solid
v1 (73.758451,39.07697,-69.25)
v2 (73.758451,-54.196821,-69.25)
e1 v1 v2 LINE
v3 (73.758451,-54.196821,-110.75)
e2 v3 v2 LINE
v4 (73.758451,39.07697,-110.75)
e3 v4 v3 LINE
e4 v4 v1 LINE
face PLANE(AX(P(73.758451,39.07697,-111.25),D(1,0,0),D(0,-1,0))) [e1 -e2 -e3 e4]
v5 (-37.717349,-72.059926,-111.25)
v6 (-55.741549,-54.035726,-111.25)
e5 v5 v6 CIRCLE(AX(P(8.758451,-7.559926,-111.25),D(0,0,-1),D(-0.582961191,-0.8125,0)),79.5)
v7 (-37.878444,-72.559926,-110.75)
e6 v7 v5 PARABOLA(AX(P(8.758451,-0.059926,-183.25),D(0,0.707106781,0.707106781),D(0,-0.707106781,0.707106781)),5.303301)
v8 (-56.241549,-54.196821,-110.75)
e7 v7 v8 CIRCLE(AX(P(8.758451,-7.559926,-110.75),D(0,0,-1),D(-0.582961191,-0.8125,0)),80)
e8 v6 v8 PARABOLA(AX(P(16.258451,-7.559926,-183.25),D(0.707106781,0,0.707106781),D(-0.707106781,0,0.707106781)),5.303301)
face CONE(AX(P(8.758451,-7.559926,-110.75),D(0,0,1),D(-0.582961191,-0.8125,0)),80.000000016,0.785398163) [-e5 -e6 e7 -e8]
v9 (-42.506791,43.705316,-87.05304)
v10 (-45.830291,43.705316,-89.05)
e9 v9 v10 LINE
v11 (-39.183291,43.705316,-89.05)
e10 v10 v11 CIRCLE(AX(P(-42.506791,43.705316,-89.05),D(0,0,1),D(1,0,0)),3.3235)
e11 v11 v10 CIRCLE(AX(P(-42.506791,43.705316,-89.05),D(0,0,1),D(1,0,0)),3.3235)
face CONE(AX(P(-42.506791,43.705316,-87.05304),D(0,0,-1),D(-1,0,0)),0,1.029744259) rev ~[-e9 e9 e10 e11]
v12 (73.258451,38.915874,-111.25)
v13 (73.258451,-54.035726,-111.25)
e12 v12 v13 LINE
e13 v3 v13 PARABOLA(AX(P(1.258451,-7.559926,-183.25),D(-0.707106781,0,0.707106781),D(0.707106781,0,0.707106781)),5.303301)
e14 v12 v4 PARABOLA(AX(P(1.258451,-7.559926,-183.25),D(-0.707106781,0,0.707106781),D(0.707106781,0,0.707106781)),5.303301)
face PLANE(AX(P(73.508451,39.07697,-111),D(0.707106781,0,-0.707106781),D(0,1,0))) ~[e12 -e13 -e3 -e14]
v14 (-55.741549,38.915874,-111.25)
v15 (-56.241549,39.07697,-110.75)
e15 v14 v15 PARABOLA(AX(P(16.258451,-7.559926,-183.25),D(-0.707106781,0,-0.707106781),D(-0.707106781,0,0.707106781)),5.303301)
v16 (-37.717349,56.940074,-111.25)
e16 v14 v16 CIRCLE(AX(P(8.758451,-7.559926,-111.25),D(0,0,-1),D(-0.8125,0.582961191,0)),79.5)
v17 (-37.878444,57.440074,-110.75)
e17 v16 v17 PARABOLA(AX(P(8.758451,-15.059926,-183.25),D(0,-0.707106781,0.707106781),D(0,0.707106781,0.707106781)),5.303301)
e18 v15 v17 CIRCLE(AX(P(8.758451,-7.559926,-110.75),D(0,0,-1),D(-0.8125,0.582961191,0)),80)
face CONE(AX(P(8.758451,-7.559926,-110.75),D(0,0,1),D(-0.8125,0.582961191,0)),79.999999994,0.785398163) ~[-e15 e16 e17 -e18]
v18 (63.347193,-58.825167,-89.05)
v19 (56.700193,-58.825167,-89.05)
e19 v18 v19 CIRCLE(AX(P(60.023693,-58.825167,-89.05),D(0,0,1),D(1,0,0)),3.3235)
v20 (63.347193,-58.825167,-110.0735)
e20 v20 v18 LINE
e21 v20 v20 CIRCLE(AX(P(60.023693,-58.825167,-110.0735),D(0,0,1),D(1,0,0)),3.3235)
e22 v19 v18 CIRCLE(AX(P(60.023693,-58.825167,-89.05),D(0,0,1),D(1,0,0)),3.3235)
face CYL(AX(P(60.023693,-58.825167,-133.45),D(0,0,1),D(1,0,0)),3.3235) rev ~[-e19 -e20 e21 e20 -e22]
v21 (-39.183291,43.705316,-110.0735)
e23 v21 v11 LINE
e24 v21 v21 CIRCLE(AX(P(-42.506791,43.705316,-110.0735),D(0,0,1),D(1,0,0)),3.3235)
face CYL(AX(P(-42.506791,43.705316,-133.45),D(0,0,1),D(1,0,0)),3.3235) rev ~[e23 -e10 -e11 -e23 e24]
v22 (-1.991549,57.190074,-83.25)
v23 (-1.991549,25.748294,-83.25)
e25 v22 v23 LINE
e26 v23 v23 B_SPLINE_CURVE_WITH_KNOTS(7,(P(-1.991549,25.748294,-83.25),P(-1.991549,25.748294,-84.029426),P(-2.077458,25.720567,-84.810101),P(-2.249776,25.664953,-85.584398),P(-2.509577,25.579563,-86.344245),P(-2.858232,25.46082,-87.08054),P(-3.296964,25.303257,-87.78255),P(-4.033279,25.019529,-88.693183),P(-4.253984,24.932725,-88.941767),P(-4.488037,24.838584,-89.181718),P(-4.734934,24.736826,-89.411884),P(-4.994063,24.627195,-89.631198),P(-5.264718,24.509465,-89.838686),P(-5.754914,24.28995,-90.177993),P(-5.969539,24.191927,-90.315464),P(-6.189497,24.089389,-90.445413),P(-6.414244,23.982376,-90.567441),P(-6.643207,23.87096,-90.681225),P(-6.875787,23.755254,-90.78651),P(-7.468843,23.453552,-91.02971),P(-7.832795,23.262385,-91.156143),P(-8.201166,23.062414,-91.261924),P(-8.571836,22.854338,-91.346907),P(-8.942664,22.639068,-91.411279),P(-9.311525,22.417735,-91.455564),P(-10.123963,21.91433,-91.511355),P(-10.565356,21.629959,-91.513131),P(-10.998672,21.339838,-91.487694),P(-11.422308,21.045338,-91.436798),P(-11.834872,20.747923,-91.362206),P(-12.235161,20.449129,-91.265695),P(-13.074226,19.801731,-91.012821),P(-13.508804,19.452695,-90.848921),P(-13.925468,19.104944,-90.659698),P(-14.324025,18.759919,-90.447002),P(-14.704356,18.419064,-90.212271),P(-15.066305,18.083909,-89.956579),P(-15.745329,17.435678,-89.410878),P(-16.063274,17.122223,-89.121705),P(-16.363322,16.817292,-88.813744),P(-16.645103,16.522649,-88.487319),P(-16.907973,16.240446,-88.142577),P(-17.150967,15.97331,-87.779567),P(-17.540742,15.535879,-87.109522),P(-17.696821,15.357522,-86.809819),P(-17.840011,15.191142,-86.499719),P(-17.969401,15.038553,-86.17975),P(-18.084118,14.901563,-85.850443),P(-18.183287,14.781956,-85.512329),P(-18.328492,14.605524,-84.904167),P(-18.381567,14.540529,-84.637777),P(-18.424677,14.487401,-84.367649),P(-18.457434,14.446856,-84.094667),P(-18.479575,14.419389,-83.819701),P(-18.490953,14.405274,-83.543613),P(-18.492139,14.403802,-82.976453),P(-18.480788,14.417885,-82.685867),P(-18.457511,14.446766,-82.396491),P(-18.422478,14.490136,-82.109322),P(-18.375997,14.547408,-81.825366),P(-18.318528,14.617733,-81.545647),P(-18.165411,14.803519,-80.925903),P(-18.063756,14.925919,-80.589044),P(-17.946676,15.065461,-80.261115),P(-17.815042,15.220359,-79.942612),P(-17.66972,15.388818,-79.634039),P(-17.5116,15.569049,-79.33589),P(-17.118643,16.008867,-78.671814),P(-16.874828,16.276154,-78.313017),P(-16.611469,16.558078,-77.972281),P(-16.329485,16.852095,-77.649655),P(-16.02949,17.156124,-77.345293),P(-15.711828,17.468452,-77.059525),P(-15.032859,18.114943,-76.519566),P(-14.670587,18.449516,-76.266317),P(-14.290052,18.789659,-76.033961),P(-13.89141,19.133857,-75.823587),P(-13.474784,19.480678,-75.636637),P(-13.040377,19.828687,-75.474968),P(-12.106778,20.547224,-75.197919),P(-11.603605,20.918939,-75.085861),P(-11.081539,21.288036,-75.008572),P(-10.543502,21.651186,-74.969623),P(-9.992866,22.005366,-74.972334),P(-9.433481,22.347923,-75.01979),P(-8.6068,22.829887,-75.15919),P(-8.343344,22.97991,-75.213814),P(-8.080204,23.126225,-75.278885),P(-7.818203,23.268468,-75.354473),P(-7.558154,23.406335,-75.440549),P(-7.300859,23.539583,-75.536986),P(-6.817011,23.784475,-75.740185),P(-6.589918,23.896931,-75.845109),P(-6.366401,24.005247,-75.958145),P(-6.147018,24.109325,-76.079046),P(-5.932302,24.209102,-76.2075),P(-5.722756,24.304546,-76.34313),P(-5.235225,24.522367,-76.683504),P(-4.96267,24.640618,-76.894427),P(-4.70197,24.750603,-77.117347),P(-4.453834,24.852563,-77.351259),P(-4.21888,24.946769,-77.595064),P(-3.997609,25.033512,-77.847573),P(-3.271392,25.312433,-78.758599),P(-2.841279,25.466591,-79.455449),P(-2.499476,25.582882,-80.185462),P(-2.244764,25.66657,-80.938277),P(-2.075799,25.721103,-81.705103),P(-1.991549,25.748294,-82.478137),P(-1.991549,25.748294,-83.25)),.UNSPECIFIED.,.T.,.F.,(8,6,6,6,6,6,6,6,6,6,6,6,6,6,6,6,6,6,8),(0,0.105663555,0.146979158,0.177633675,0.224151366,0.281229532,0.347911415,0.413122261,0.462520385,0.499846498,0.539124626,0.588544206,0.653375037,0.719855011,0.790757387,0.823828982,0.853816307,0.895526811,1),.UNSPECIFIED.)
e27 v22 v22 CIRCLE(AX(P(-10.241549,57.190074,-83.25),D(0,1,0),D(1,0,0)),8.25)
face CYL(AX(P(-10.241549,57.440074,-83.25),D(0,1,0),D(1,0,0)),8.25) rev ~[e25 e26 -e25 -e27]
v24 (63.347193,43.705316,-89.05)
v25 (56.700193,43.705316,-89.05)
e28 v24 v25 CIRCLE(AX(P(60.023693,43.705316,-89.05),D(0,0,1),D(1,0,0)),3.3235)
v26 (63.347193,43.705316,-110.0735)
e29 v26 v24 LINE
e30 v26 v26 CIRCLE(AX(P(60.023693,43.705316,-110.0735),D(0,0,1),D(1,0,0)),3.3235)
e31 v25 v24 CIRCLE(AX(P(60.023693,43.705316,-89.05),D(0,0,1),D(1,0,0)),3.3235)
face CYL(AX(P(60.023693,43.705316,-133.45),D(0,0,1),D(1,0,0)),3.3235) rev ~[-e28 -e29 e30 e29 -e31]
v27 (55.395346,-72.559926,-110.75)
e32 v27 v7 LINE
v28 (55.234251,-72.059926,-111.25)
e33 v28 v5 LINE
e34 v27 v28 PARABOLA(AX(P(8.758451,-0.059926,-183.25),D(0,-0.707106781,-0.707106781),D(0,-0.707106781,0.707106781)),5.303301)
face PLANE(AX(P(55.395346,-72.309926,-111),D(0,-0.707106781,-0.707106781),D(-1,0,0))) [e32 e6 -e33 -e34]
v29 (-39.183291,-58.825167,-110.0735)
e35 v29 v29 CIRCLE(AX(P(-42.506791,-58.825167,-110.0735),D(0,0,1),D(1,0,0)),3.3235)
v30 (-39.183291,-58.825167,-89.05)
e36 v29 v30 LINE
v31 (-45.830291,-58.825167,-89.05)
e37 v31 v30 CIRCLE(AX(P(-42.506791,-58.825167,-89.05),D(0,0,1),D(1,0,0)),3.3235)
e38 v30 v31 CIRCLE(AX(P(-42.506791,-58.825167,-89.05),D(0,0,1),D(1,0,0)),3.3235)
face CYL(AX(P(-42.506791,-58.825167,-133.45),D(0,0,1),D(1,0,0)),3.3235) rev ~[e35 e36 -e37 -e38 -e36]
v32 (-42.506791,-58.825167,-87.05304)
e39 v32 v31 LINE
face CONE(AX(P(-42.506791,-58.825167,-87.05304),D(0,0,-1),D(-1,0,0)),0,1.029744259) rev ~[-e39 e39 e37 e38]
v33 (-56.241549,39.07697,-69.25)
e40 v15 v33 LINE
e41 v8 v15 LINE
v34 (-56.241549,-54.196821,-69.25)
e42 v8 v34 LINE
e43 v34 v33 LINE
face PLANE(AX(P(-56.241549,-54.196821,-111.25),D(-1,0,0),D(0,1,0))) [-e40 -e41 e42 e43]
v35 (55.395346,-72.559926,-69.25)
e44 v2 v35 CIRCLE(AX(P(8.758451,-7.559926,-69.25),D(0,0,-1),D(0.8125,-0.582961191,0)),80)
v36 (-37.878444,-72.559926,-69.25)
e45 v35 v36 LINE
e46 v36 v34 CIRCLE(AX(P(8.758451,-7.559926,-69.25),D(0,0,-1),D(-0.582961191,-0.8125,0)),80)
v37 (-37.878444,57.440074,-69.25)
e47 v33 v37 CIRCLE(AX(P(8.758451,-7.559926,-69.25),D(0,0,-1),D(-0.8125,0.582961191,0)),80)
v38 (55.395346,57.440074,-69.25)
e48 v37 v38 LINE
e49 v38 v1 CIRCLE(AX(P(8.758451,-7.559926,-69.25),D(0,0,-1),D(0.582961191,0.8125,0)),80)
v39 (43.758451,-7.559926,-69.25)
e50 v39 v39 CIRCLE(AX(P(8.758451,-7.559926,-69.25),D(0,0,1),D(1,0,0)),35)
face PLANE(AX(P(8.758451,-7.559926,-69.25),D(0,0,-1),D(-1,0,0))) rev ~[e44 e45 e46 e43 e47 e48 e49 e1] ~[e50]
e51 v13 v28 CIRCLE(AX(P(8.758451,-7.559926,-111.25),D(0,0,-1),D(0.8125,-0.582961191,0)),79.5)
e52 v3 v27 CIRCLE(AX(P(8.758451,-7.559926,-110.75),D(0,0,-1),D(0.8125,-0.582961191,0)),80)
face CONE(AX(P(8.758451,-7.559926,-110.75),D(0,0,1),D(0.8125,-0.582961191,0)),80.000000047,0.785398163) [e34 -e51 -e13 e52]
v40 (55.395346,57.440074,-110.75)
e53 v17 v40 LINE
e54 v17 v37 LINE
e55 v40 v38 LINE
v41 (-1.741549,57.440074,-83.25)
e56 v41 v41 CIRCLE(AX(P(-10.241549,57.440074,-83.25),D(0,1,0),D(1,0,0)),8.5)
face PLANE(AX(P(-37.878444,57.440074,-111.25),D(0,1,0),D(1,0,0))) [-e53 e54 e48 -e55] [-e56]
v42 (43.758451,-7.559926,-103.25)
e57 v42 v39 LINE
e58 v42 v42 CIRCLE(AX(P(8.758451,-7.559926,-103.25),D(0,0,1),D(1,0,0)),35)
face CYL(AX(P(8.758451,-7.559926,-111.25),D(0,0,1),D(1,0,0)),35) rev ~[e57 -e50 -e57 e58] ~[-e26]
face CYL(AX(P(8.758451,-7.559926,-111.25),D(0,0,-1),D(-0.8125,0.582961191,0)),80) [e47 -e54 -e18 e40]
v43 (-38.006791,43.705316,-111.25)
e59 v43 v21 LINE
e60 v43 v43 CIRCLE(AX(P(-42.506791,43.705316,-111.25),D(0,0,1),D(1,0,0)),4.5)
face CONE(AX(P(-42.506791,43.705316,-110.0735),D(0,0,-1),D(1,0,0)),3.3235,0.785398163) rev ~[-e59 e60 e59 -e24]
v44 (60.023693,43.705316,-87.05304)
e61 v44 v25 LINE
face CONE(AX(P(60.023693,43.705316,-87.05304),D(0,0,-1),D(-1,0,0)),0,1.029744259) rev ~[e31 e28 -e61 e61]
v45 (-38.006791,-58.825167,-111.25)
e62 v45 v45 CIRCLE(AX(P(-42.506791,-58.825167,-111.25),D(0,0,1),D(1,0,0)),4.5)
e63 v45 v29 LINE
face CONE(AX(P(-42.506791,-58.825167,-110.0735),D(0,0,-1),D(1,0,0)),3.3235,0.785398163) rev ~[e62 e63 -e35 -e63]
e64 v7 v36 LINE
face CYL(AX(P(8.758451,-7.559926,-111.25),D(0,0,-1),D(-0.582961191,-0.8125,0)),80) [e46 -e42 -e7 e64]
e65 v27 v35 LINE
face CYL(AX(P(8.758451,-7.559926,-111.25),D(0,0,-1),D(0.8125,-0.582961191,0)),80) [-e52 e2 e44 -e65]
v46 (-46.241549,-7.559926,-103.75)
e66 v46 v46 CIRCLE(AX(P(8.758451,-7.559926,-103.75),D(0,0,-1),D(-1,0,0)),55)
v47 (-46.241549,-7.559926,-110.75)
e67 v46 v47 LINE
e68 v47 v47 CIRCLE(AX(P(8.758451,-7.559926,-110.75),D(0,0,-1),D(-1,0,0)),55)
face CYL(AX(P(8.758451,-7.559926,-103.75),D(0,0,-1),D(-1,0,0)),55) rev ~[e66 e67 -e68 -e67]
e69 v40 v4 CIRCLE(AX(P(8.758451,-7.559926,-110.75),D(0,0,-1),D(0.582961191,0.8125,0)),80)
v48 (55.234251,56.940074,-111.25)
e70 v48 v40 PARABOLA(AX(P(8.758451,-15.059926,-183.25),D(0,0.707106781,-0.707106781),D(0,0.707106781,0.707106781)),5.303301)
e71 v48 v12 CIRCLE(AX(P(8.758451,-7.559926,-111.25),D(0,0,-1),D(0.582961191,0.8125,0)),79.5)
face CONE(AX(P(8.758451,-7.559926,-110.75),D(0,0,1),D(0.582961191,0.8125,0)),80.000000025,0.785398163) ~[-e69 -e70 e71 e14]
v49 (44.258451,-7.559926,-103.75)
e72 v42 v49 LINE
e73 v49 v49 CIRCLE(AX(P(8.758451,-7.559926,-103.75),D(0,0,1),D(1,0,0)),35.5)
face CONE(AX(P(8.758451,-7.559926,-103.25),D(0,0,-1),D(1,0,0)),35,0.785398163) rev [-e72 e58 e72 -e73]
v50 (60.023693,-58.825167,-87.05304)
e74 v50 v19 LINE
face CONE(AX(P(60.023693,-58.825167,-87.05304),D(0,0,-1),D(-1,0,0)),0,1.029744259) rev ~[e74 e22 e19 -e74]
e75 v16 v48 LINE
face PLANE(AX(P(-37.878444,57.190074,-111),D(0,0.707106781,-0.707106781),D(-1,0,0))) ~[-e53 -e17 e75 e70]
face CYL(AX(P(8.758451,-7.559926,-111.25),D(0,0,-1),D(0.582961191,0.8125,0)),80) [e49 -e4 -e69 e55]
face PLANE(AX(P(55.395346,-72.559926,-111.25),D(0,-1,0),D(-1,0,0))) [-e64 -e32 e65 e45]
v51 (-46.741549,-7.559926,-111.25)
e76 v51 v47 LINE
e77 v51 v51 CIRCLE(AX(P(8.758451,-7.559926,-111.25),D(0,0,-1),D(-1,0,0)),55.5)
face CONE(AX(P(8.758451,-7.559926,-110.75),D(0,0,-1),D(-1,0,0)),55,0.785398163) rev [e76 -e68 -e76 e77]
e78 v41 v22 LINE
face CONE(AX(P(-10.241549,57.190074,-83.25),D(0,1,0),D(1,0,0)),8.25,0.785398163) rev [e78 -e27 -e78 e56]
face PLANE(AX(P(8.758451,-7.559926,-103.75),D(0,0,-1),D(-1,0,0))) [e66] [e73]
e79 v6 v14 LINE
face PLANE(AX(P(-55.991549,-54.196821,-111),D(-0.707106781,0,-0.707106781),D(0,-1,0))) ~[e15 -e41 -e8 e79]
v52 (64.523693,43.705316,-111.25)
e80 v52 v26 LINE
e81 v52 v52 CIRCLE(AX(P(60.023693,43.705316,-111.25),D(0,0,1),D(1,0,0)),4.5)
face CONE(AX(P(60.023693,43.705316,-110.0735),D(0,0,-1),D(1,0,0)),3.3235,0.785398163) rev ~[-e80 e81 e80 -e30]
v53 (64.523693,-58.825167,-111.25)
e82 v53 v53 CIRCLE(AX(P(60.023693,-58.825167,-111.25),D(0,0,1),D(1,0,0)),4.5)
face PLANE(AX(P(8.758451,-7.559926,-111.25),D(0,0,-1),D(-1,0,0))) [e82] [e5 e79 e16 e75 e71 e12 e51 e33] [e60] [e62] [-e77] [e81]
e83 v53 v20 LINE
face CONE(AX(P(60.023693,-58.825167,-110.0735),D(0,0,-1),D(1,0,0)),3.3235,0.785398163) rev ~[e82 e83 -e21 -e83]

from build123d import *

# Parameters (mm, degrees)
BOSS_EXTRUDE1_DEPTH                      = 42
CBORE_FOR_M64_HEX_HEAD_BOLT1_D           = 70
CBORE_FOR_M64_HEX_HEAD_BOLT1_CBORE_D     = 110
CBORE_FOR_M64_HEX_HEAD_BOLT1_CBORE_DEPTH = 7.5
F_16_5_16_5_DIAMETER_HOLE1_REACH         = 188.325
F_16_5_16_5_DIAMETER_HOLE1_BORE_R        = 8.25
M6_CLEARANCE_HOLE1_D                     = 6.647
M6_CLEARANCE_HOLE1_DEPTH                 = 22.2
M6_CLEARANCE_HOLE1_TIP                   = 1.996960267
CHAMFER1_SIZE                            = 0.5
CHAMFER2_SIZE                            = 1.1765
CHAMFER3_SIZE                            = 0.25


with BuildPart() as part:
    # Sketch1 → Boss-Extrude1 (new body)
    with BuildSketch(Plane(origin=(0, 0, -111.250000238), x_dir=(-1, 0, 0), z_dir=(0, 0, -1))):
        with BuildLine():
            Line((-55.395346272, -72.559925727), (37.878444259, -72.559925727))
            ThreePointArc((37.878444259, -72.559925727), (47.810091488, -64.128468222), (56.241548993, -54.196820993))
            Line((56.241548993, -54.196820993), (56.241548993, 39.076969538))
            ThreePointArc((56.241548993, 39.076969538), (47.810091488, 49.008616768), (37.878444259, 57.440074273))
            Line((37.878444259, 57.440074273), (-55.395346272, 57.440074273))
            ThreePointArc((-55.395346272, 57.440074273), (-65.326993501, 49.008616768), (-73.758451007, 39.076969538))
            Line((-73.758451007, 39.076969538), (-73.758451007, -54.196820993))
            ThreePointArc((-73.758451007, -54.196820993), (-65.326993501, -64.128468222), (-55.395346272, -72.559925727))
        make_face()
    extrude(amount=-BOSS_EXTRUDE1_DEPTH)

    # CBORE for M64 Hex Head Bolt1 (through all)
    with Locations(Plane(origin=(0, 0, -111.250000238), x_dir=(-1, 0, 0), z_dir=(0, 0, -1))):
        with Locations((-8.758451007, -7.559925727)):
            CounterBoreHole(CBORE_FOR_M64_HEX_HEAD_BOLT1_D / 2, CBORE_FOR_M64_HEX_HEAD_BOLT1_CBORE_D / 2, CBORE_FOR_M64_HEX_HEAD_BOLT1_CBORE_DEPTH)

    # Ø16.5 (16.5) Diameter Hole1 bore → Ø16.5 (16.5) Diameter Hole1 (cut, up to next)
    with BuildSketch(Plane(origin=(0, 57.440074273, 0), x_dir=(1, 0, 0), z_dir=(0, 1, 0)), mode=Mode.PRIVATE) as f_16_5_16_5_diameter_hole1_sk1:
        with Locations((-10.241548993, 83.250000238)):
            Circle(F_16_5_16_5_DIAMETER_HOLE1_BORE_R)
    f_16_5_16_5_diameter_hole1_tool1 = extrude(f_16_5_16_5_diameter_hole1_sk1.sketch, amount=-F_16_5_16_5_DIAMETER_HOLE1_REACH, mode=Mode.PRIVATE) & part.part
    add(f_16_5_16_5_diameter_hole1_tool1.solids().sort_by_distance((-10.241549, 57.440074, -83.25))[0], mode=Mode.SUBTRACT)

    # M6 Clearance Hole1
    with Locations(Plane(origin=(0, 0, -111.250000238), x_dir=(-1, 0, 0), z_dir=(0, 0, -1))):
        with Locations((42.506790629, -58.825167363), (-60.023692643, -58.825167363), (-60.023692643, 43.705315909), (42.506790629, 43.705315909)):
            Hole(M6_CLEARANCE_HOLE1_D / 2, depth=M6_CLEARANCE_HOLE1_DEPTH)
            with Locations((0, 0, -(M6_CLEARANCE_HOLE1_DEPTH + M6_CLEARANCE_HOLE1_TIP / 2))):  # 118° drill point
                Cone(0, M6_CLEARANCE_HOLE1_D / 2, M6_CLEARANCE_HOLE1_TIP, mode=Mode.SUBTRACT)

    # Chamfer1
    chamfer1_edges = [part.edges().sort_by_distance(p)[0] for p in [
        (-56.241548993, -7.559925727, -111.250000238),
        (-47.810091488, -64.128468222, -111.250000238),
        (8.758451007, -72.559925727, -111.250000238),
        (65.326993501, -64.128468222, -111.250000238),
        (63.758451007, -7.559925727, -111.250000238),
        (-26.241548993, -7.559925727, -103.750000238),
        (73.758451007, -7.559925727, -111.250000238),
        (65.326993501, 49.008616768, -111.250000238),
        (8.758451007, 57.440074273, -111.250000238),
        (-47.810091488, 49.008616768, -111.250000238),
    ]]
    chamfer(chamfer1_edges, length=CHAMFER1_SIZE)

    # Chamfer2
    chamfer2_edges = [part.edges().sort_by_distance(p)[0] for p in [
        (-45.830290629, 43.705315909, -111.250000238),
        (56.700192643, 43.705315909, -111.250000238),
        (56.700192643, -58.825167363, -111.250000238),
        (-45.830290629, -58.825167363, -111.250000238),
    ]]
    chamfer(chamfer2_edges, length=CHAMFER2_SIZE)

    # Chamfer3
    chamfer3_edges = [part.edges().sort_by_distance(p)[0] for p in [
        (-18.491548993, 57.440074273, -83.250000238),
    ]]
    chamfer(chamfer3_edges, length=CHAMFER3_SIZE)


solid = part.part
